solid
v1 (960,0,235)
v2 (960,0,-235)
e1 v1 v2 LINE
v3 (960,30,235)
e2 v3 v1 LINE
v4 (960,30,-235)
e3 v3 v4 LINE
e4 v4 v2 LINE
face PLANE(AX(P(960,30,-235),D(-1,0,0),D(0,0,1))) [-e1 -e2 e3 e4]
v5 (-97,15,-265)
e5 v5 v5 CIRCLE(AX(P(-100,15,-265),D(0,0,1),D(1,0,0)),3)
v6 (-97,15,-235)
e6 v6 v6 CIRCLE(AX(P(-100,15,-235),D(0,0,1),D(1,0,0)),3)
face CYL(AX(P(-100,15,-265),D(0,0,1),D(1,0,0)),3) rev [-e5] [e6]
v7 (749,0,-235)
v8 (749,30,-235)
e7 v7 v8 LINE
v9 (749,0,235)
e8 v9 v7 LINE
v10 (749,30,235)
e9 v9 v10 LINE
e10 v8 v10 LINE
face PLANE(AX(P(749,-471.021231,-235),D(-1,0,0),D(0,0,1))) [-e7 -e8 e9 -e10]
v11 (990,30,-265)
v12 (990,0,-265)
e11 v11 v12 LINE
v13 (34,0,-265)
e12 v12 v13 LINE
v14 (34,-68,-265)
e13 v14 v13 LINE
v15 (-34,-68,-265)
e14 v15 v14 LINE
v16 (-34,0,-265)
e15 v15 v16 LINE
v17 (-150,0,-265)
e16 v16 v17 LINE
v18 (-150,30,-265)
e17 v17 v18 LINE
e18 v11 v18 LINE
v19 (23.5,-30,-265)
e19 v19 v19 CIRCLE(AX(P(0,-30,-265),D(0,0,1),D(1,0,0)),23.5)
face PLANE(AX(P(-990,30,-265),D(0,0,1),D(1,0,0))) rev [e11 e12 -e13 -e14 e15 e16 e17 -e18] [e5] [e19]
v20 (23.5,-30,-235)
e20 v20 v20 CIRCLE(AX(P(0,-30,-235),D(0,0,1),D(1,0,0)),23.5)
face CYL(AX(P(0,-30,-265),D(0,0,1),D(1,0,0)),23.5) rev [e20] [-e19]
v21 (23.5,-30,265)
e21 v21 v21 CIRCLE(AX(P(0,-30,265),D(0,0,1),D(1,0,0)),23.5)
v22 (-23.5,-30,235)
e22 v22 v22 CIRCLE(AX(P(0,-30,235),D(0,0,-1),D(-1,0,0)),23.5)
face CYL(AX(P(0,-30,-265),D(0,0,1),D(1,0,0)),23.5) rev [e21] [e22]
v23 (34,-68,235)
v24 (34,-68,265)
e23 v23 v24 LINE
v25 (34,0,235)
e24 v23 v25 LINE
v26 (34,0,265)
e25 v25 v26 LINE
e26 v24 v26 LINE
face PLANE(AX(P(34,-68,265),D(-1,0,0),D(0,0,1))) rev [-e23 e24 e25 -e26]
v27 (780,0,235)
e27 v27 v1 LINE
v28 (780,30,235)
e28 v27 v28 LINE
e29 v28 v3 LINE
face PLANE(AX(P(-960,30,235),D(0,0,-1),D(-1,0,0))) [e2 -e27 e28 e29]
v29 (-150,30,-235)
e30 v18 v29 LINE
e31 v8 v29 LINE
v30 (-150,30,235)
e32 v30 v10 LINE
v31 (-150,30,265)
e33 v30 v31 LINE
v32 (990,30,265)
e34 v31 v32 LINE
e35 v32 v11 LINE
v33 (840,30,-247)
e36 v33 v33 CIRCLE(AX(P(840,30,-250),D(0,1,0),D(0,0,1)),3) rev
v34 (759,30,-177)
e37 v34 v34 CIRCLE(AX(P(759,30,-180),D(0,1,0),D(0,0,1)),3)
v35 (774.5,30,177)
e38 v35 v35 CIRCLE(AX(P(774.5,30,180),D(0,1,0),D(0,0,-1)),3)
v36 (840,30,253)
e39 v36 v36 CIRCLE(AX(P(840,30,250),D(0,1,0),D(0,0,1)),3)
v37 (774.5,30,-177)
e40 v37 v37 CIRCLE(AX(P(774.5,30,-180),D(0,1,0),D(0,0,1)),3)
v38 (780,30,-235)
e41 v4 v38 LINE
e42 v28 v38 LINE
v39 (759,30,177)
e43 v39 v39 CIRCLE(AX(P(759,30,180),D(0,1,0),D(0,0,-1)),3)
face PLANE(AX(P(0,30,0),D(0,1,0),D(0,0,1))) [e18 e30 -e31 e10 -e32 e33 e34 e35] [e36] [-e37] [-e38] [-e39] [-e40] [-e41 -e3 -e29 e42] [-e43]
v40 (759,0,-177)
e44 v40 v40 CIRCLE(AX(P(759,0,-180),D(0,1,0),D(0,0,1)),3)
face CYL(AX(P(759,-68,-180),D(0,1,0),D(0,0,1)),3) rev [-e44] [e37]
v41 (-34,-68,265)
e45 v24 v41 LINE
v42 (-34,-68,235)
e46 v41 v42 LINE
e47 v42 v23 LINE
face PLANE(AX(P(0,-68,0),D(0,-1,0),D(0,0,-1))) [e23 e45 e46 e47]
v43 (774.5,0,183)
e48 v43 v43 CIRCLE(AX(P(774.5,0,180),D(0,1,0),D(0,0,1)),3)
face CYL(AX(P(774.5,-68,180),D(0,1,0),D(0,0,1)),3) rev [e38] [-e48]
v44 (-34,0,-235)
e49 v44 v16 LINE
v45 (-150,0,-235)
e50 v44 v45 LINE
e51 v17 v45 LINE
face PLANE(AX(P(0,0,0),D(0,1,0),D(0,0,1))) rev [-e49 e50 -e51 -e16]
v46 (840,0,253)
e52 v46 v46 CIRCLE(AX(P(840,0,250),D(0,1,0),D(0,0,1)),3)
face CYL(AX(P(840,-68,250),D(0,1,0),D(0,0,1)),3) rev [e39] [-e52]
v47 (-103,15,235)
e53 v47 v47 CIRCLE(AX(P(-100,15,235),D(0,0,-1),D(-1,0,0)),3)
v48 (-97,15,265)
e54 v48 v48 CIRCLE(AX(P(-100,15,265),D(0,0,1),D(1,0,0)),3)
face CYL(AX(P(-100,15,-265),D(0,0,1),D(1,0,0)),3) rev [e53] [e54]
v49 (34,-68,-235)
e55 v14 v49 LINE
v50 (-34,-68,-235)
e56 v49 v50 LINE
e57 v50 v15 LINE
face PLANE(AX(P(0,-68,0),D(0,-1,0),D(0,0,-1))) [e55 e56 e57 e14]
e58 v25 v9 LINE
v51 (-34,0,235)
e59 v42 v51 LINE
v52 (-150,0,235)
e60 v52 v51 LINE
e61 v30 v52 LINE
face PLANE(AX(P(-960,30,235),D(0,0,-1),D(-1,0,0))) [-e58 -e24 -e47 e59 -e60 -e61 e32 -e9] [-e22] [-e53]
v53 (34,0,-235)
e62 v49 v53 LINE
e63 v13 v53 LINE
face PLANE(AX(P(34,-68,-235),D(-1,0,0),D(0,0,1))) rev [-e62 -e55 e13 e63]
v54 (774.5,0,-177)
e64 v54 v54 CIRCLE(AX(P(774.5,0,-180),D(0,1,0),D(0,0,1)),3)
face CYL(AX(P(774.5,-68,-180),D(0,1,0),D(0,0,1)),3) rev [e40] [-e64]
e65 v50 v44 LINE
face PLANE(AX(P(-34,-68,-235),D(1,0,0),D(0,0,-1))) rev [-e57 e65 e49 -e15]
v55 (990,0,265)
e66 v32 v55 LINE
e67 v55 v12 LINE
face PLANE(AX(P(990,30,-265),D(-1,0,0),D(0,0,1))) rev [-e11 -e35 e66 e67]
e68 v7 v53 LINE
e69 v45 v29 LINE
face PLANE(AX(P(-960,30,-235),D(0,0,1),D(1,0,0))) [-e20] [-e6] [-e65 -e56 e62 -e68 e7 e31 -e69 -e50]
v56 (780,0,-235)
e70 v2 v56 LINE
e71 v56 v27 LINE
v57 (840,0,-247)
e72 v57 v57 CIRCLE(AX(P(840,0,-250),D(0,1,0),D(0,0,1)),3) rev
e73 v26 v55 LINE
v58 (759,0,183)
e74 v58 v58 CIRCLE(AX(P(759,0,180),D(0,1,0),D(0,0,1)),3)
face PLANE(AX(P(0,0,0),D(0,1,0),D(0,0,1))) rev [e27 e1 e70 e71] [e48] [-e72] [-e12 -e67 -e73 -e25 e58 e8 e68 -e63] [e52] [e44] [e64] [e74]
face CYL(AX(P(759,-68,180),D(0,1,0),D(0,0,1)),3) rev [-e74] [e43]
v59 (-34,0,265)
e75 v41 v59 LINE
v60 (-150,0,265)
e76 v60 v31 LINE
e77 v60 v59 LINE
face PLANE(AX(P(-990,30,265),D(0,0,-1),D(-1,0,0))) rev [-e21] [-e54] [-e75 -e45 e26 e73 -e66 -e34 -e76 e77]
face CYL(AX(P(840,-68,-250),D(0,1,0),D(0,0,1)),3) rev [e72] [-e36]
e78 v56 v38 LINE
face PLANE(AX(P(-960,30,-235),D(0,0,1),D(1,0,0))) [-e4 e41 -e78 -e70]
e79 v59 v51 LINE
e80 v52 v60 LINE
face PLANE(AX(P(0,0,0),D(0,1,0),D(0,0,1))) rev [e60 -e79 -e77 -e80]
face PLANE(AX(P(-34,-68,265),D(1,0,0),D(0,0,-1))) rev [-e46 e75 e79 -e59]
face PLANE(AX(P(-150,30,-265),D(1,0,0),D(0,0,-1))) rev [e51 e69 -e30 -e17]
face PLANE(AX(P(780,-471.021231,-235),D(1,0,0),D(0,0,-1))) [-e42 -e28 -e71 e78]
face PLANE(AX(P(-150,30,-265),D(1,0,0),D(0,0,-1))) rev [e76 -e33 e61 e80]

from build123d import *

# Parameters (mm, degrees)
SKETCH_1_W          = 1980
SKETCH_1_H          = 530
SKETCH_1_W_2        = 1920
SKETCH_1_H_2        = 470
EXTRUDE_1_DEPTH     = 30
SKETCH_2_W          = 68
SKETCH_2_H          = 30
EXTRUDE_2_DEPTH     = 68
SKETCH_3_R          = 23.5
CUT_EXTRUDE_1_DEPTH = 1125.999555555
SKETCH_4_W          = 31
SKETCH_4_H          = 470
EXTRUDE_3_DEPTH     = 30
SKETCH_5_R          = 3
CUT_EXTRUDE_2_DEPTH = 1030.528532873
SKETCH_6_R          = 3
CUT_EXTRUDE_3_DEPTH = 1030.528532873
SKETCH_7_W          = 883.399544852
SKETCH_7_H          = 30
CUT_EXTRUDE_4_DEPTH = 1125.999555555
SKETCH_8_R          = 3
CUT_EXTRUDE_5_DEPTH = 1125.999555555


with BuildPart() as part:
    # 草图1 → 凸台-拉伸1 (new body)
    with BuildSketch(Plane(origin=(0, 0, 0), x_dir=(1, 0, 0), z_dir=(0, 1, 0))):
        Rectangle(SKETCH_1_W, SKETCH_1_H)
        Rectangle(SKETCH_1_W_2, SKETCH_1_H_2, mode=Mode.SUBTRACT)
    extrude(amount=EXTRUDE_1_DEPTH)

    # 草图2 → 凸台-拉伸2 (add)
    with BuildSketch(Plane.XZ):
        with Locations((0, 250)):
            Rectangle(SKETCH_2_W, SKETCH_2_H)
        with Locations((0, -250)):
            Rectangle(SKETCH_2_W, SKETCH_2_H)
    extrude(amount=EXTRUDE_2_DEPTH)

    # 草图3 → 切除-拉伸1 (cut, through all)
    with BuildSketch(Plane.XY.offset(265)):
        with Locations((0, -30)):
            Circle(SKETCH_3_R)
    extrude(amount=-CUT_EXTRUDE_1_DEPTH, mode=Mode.SUBTRACT)

    # 草图4 → 凸台-拉伸3 (add)
    with BuildSketch(Plane(origin=(0, 30, 0), x_dir=(1, 0, 0), z_dir=(0, 1, 0))):
        with Locations((764.5, 0)):
            Rectangle(SKETCH_4_W, SKETCH_4_H)
    extrude(amount=-EXTRUDE_3_DEPTH)

    # 草图5 → 切除-拉伸2 (cut, through all)
    with BuildSketch(Plane(origin=(0, 30, 0), x_dir=(1, 0, 0), z_dir=(0, 1, 0))):
        with Locations(Location((759, 180, 0), (0, 0, 270))):
            Circle(SKETCH_5_R)
        with Locations(Location((774.5, 180, 0), (0, 0, 270))):
            Circle(SKETCH_5_R)
        with Locations(Location((759, -180, 0), (0, 0, 270))):
            Circle(SKETCH_5_R)
        with Locations(Location((774.5, -180, 0), (0, 0, 270))):
            Circle(SKETCH_5_R)
    extrude(amount=-CUT_EXTRUDE_2_DEPTH, mode=Mode.SUBTRACT)

    # 草图6 → 切除-拉伸3 (cut, symmetric)
    with BuildSketch(Plane(origin=(0, 30, 0), x_dir=(1, 0, 0), z_dir=(0, 1, 0))):
        with Locations(Location((840, -250, 0), (0, 0, 270))):
            Circle(SKETCH_6_R)
    cut_extrude_3 = extrude(amount=CUT_EXTRUDE_3_DEPTH, both=True, mode=Mode.SUBTRACT)

    # 镜向1: 切除-拉伸3 across plane
    add(cut_extrude_3.mirror(Plane.XY), mode=Mode.SUBTRACT)

    # 草图7 → 切除-拉伸4 (cut, through all)
    with BuildSketch(Plane.XY.offset(265)):
        with Locations((-591.699772426, 15)):
            Rectangle(SKETCH_7_W, SKETCH_7_H)
    extrude(amount=-CUT_EXTRUDE_4_DEPTH, mode=Mode.SUBTRACT)

    # 草图8 → 切除-拉伸5 (cut, through all)
    with BuildSketch(Plane.XY.offset(265)):
        with Locations((-100, 15)):
            Circle(SKETCH_8_R)
    extrude(amount=-CUT_EXTRUDE_5_DEPTH, mode=Mode.SUBTRACT)


solid = part.part
